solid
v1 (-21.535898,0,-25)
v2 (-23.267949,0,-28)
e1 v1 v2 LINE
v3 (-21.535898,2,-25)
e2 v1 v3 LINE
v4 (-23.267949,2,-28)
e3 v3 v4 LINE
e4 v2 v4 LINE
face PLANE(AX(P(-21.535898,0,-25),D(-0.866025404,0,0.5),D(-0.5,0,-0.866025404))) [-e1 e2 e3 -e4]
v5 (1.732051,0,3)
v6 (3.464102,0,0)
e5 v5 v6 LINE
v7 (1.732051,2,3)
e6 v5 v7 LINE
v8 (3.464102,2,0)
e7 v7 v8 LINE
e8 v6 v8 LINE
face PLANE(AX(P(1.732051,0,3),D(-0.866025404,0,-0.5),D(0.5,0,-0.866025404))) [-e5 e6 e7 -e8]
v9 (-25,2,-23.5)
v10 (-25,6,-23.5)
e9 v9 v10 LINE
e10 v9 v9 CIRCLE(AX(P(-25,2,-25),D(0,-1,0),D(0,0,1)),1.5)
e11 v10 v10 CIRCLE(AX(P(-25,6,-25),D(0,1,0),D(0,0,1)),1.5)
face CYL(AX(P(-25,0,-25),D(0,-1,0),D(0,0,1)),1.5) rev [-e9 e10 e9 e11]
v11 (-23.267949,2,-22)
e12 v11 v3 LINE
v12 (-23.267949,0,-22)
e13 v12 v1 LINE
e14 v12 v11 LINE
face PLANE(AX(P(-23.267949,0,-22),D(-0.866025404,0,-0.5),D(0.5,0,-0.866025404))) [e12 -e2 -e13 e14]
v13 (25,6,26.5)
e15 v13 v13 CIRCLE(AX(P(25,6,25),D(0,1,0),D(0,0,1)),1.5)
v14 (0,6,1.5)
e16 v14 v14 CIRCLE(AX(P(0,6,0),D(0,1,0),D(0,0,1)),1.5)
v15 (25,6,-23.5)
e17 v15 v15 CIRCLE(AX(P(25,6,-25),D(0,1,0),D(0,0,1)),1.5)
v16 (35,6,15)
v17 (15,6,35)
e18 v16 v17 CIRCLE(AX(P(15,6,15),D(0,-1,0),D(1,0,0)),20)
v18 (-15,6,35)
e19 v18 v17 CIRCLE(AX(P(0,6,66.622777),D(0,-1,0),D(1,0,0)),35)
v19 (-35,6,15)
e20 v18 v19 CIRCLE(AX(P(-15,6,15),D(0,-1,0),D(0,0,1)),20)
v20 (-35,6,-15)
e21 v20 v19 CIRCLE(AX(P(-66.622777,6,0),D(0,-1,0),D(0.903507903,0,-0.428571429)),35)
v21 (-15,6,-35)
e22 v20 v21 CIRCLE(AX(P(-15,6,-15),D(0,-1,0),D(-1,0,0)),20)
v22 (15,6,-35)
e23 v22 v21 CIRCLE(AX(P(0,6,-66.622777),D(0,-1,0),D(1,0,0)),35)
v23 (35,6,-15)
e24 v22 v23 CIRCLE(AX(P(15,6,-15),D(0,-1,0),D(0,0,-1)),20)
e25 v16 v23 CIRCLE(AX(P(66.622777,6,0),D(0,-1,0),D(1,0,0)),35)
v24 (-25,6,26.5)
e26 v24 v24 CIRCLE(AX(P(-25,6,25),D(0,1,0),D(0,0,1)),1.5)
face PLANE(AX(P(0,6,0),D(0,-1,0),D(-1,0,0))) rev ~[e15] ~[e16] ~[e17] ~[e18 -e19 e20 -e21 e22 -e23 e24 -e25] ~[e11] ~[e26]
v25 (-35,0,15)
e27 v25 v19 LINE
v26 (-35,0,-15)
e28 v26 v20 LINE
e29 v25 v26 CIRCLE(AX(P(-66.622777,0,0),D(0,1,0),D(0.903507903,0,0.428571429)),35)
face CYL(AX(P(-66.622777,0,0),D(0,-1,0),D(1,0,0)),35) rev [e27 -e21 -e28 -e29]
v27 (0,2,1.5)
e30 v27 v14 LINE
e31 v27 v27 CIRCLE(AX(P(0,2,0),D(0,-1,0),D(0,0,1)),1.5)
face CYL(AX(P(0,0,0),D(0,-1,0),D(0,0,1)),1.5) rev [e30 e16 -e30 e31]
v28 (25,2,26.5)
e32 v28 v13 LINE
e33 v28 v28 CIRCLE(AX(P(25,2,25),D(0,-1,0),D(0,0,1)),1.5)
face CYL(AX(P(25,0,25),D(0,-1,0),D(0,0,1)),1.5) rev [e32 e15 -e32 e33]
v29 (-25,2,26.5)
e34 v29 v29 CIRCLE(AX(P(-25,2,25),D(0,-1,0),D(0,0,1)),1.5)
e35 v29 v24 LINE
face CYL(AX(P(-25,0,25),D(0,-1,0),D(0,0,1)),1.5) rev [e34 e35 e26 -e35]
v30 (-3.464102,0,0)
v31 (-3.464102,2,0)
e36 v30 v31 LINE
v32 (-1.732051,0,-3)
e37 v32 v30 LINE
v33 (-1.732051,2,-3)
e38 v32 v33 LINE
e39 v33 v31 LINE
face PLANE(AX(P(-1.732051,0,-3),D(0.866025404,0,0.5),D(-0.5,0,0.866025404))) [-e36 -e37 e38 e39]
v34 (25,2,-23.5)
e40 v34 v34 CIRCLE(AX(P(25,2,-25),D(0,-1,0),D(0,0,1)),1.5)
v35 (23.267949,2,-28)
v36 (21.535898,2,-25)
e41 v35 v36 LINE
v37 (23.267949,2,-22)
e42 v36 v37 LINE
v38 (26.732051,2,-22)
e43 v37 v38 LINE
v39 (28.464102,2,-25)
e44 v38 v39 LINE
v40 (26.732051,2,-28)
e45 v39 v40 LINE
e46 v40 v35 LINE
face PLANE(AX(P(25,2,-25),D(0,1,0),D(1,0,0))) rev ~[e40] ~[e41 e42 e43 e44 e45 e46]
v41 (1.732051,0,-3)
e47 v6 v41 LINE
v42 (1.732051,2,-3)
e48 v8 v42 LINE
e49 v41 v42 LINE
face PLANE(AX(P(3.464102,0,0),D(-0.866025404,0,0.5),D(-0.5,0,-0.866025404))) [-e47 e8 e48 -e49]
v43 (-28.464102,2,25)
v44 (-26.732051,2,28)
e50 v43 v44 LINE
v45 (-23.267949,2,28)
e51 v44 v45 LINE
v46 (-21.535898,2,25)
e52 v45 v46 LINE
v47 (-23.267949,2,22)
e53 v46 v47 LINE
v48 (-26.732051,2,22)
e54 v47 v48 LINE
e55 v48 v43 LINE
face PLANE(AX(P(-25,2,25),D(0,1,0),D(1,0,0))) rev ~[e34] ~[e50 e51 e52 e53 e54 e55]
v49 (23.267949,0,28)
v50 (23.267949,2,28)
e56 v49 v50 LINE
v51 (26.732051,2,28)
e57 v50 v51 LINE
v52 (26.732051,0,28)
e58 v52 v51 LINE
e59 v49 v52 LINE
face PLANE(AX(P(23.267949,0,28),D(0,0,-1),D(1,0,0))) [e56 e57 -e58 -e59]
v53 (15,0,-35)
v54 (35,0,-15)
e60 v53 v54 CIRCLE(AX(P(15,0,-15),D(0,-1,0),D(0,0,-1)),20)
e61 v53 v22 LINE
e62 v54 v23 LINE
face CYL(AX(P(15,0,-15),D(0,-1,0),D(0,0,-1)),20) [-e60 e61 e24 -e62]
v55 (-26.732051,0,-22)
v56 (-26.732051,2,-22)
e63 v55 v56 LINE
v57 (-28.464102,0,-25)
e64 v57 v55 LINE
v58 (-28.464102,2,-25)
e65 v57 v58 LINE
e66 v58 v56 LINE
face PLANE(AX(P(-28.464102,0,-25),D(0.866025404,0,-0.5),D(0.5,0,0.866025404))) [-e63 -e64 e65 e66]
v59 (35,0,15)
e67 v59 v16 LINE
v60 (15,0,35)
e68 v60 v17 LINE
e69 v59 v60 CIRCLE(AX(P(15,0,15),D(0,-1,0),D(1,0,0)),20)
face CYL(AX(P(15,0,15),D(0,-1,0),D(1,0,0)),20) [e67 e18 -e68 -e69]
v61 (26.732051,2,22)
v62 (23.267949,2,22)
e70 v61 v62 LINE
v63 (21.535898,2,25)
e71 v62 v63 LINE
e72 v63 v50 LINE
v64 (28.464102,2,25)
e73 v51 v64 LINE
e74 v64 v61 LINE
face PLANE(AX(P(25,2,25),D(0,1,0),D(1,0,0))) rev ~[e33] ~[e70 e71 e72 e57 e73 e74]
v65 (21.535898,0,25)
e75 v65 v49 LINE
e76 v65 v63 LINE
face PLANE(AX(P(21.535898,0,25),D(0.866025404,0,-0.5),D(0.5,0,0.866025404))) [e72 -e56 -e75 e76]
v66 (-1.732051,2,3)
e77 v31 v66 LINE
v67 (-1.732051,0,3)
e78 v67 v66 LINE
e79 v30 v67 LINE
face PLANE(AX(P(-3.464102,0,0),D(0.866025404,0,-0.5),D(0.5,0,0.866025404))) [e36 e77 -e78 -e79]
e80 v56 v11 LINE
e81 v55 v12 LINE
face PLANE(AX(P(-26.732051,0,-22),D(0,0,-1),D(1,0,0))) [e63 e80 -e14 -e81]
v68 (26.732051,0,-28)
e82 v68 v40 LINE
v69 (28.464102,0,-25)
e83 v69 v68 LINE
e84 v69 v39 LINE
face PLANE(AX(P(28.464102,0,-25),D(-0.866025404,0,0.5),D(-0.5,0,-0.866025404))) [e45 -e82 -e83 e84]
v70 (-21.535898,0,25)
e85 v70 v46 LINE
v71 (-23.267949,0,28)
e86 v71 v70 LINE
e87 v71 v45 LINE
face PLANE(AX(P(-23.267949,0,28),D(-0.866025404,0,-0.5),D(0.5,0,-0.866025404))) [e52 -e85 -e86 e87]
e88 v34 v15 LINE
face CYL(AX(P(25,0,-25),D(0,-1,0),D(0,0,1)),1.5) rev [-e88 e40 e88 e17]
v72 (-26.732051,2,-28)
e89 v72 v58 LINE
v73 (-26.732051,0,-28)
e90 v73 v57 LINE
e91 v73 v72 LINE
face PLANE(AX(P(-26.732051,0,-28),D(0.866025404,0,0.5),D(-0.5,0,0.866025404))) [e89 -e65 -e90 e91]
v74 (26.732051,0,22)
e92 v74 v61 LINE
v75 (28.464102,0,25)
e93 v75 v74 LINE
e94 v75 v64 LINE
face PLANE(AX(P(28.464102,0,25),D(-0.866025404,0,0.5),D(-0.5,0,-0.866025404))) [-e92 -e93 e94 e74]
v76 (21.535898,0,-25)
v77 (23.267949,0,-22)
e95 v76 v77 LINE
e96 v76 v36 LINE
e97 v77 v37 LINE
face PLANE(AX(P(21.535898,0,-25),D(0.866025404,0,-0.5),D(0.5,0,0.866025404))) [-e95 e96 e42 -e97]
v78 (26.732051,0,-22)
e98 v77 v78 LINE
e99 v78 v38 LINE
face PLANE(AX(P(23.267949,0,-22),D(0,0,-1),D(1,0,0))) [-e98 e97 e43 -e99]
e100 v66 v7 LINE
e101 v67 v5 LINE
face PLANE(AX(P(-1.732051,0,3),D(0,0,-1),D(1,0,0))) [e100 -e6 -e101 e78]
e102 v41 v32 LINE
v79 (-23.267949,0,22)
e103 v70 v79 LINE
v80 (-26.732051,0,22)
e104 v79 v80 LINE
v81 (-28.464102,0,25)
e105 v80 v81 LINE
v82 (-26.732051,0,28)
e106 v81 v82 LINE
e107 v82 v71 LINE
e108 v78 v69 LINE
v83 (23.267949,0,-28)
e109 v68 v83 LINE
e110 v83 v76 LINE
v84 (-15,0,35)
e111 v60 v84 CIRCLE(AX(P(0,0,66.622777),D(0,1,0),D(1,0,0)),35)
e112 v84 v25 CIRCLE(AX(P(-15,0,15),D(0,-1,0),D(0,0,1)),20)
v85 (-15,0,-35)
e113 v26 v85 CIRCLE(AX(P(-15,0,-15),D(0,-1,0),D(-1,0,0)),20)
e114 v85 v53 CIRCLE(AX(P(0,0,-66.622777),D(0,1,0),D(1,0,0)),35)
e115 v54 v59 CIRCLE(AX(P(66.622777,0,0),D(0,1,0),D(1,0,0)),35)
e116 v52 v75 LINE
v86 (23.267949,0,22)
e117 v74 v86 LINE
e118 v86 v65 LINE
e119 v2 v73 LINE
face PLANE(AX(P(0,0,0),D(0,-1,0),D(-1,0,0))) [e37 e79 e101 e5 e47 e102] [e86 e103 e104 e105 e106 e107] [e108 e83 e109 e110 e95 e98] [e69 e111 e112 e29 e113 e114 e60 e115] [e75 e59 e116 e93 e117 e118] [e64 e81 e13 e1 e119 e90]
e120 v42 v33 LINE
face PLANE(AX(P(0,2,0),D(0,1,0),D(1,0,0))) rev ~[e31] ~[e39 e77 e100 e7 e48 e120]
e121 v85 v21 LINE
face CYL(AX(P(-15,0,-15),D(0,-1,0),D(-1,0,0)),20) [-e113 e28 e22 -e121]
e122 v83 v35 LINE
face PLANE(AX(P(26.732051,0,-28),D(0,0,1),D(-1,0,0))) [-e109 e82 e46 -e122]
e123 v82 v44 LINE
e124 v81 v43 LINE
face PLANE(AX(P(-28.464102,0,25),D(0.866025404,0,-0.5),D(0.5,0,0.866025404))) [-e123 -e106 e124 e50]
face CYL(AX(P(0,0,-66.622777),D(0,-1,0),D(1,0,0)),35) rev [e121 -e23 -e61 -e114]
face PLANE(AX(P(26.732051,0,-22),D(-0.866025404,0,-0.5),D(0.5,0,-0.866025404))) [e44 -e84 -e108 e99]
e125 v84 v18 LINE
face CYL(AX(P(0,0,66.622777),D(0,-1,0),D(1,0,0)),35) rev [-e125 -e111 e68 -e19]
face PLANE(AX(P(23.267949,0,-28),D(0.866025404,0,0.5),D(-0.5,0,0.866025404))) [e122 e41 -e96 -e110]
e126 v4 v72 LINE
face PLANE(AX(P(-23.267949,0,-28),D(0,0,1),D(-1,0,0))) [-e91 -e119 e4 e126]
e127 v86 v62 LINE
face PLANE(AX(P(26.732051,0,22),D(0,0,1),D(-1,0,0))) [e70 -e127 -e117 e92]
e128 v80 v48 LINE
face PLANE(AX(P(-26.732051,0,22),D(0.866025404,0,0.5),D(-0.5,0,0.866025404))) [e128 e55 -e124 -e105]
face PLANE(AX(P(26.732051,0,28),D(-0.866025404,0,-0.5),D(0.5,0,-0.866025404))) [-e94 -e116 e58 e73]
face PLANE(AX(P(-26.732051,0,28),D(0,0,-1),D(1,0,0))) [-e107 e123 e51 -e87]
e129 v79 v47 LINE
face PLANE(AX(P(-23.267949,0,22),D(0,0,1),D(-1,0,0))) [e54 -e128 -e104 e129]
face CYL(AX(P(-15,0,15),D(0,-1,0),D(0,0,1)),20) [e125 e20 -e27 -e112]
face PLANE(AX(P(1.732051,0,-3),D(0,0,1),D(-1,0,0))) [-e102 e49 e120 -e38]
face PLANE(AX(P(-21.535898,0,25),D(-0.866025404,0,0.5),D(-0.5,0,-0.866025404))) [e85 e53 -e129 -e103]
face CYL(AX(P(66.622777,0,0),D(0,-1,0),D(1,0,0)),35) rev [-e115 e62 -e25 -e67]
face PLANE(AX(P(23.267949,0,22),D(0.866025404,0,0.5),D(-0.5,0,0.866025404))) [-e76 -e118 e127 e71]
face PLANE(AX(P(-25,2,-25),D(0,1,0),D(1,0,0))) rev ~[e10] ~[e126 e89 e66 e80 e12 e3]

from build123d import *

# Parameters (mm, degrees)
EXTRUDE_1_DEPTH     = 6
SKETCH_2_R          = 1.5
CUT_EXTRUDE_1_DEPTH = 6
CUT_EXTRUDE_2_DEPTH = 2
SKETCH_4_R          = 35
CUT_EXTRUDE_3_DEPTH = 50.859803449


with BuildPart() as part:
    # Эскиз1 → Бобышка-Вытянуть1 (new body)
    with BuildSketch(Plane(origin=(0, 0, 0), x_dir=(1, 0, 0), z_dir=(0, 1, 0))):
        with BuildLine():
            Line((15, -35), (-15, -35))
            ThreePointArc((-15, -35), (-29.142135624, -29.142135624), (-35, -15))
            Line((-35, -15), (-35, 15))
            ThreePointArc((-35, 15), (-29.142135624, 29.142135624), (-15, 35))
            Line((-15, 35), (15, 35))
            ThreePointArc((15, 35), (29.142135624, 29.142135624), (35, 15))
            Line((35, 15), (35, -15))
            ThreePointArc((35, -15), (29.142135624, -29.142135624), (15, -35))
        make_face()
    extrude(amount=EXTRUDE_1_DEPTH)

    # Эскиз2 → Вырез-Вытянуть1 (cut)
    with BuildSketch(Plane(origin=(0, 0, 0), x_dir=(1, 0, 0), z_dir=(0, 1, 0))):
        with Locations(Location((-25, 25, 0), (0, 0, 270))):
            Circle(SKETCH_2_R)
        with Locations(Location((25, 25, 0), (0, 0, 270))):
            Circle(SKETCH_2_R)
        with Locations(Location((25, -25, 0), (0, 0, 270))):
            Circle(SKETCH_2_R)
        with Locations(Location((-25, -25, 0), (0, 0, 270))):
            Circle(SKETCH_2_R)
        with Locations(Location((0, 0, 0), (0, 0, 270))):
            Circle(SKETCH_2_R)
    extrude(amount=CUT_EXTRUDE_1_DEPTH, mode=Mode.SUBTRACT)

    # Эскиз3 → Вырез-Вытянуть2 (cut)
    with BuildSketch(Plane(origin=(0, 0, 0), x_dir=(1, 0, 0), z_dir=(0, 1, 0))):
        Polygon((-26.732050808, 28), (-28.464101615, 25), (-26.732050808, 22), (-23.267949192, 22), (-21.535898385, 25), (-23.267949192, 28), align=None)
        Polygon((23.267949192, 28), (21.535898385, 25), (23.267949192, 22), (26.732050808, 22), (28.464101615, 25), (26.732050808, 28), align=None)
        Polygon((23.267949192, -22), (21.535898385, -25), (23.267949192, -28), (26.732050808, -28), (28.464101615, -25), (26.732050808, -22), align=None)
        Polygon((-26.732050808, -22), (-28.464101615, -25), (-26.732050808, -28), (-23.267949192, -28), (-21.535898385, -25), (-23.267949192, -22), align=None)
        Polygon((-1.732050808, 3), (-3.464101615, 0), (-1.732050808, -3), (1.732050808, -3), (3.464101615, 0), (1.732050808, 3), align=None)
    extrude(amount=CUT_EXTRUDE_2_DEPTH, mode=Mode.SUBTRACT)

    # Эскиз4 → Вырез-Вытянуть3 (cut, through all)
    with BuildSketch(Plane(origin=(0, 0, 0), x_dir=(1, 0, 0), z_dir=(0, 1, 0))):
        with Locations((-66.622776602, 0)):
            Circle(SKETCH_4_R)
        with Locations((0, 66.622776602)):
            Circle(SKETCH_4_R)
        with Locations((66.622776602, 0)):
            Circle(SKETCH_4_R)
        with Locations((0, -66.622776602)):
            Circle(SKETCH_4_R)
    extrude(amount=CUT_EXTRUDE_3_DEPTH, mode=Mode.SUBTRACT)


solid = part.part
